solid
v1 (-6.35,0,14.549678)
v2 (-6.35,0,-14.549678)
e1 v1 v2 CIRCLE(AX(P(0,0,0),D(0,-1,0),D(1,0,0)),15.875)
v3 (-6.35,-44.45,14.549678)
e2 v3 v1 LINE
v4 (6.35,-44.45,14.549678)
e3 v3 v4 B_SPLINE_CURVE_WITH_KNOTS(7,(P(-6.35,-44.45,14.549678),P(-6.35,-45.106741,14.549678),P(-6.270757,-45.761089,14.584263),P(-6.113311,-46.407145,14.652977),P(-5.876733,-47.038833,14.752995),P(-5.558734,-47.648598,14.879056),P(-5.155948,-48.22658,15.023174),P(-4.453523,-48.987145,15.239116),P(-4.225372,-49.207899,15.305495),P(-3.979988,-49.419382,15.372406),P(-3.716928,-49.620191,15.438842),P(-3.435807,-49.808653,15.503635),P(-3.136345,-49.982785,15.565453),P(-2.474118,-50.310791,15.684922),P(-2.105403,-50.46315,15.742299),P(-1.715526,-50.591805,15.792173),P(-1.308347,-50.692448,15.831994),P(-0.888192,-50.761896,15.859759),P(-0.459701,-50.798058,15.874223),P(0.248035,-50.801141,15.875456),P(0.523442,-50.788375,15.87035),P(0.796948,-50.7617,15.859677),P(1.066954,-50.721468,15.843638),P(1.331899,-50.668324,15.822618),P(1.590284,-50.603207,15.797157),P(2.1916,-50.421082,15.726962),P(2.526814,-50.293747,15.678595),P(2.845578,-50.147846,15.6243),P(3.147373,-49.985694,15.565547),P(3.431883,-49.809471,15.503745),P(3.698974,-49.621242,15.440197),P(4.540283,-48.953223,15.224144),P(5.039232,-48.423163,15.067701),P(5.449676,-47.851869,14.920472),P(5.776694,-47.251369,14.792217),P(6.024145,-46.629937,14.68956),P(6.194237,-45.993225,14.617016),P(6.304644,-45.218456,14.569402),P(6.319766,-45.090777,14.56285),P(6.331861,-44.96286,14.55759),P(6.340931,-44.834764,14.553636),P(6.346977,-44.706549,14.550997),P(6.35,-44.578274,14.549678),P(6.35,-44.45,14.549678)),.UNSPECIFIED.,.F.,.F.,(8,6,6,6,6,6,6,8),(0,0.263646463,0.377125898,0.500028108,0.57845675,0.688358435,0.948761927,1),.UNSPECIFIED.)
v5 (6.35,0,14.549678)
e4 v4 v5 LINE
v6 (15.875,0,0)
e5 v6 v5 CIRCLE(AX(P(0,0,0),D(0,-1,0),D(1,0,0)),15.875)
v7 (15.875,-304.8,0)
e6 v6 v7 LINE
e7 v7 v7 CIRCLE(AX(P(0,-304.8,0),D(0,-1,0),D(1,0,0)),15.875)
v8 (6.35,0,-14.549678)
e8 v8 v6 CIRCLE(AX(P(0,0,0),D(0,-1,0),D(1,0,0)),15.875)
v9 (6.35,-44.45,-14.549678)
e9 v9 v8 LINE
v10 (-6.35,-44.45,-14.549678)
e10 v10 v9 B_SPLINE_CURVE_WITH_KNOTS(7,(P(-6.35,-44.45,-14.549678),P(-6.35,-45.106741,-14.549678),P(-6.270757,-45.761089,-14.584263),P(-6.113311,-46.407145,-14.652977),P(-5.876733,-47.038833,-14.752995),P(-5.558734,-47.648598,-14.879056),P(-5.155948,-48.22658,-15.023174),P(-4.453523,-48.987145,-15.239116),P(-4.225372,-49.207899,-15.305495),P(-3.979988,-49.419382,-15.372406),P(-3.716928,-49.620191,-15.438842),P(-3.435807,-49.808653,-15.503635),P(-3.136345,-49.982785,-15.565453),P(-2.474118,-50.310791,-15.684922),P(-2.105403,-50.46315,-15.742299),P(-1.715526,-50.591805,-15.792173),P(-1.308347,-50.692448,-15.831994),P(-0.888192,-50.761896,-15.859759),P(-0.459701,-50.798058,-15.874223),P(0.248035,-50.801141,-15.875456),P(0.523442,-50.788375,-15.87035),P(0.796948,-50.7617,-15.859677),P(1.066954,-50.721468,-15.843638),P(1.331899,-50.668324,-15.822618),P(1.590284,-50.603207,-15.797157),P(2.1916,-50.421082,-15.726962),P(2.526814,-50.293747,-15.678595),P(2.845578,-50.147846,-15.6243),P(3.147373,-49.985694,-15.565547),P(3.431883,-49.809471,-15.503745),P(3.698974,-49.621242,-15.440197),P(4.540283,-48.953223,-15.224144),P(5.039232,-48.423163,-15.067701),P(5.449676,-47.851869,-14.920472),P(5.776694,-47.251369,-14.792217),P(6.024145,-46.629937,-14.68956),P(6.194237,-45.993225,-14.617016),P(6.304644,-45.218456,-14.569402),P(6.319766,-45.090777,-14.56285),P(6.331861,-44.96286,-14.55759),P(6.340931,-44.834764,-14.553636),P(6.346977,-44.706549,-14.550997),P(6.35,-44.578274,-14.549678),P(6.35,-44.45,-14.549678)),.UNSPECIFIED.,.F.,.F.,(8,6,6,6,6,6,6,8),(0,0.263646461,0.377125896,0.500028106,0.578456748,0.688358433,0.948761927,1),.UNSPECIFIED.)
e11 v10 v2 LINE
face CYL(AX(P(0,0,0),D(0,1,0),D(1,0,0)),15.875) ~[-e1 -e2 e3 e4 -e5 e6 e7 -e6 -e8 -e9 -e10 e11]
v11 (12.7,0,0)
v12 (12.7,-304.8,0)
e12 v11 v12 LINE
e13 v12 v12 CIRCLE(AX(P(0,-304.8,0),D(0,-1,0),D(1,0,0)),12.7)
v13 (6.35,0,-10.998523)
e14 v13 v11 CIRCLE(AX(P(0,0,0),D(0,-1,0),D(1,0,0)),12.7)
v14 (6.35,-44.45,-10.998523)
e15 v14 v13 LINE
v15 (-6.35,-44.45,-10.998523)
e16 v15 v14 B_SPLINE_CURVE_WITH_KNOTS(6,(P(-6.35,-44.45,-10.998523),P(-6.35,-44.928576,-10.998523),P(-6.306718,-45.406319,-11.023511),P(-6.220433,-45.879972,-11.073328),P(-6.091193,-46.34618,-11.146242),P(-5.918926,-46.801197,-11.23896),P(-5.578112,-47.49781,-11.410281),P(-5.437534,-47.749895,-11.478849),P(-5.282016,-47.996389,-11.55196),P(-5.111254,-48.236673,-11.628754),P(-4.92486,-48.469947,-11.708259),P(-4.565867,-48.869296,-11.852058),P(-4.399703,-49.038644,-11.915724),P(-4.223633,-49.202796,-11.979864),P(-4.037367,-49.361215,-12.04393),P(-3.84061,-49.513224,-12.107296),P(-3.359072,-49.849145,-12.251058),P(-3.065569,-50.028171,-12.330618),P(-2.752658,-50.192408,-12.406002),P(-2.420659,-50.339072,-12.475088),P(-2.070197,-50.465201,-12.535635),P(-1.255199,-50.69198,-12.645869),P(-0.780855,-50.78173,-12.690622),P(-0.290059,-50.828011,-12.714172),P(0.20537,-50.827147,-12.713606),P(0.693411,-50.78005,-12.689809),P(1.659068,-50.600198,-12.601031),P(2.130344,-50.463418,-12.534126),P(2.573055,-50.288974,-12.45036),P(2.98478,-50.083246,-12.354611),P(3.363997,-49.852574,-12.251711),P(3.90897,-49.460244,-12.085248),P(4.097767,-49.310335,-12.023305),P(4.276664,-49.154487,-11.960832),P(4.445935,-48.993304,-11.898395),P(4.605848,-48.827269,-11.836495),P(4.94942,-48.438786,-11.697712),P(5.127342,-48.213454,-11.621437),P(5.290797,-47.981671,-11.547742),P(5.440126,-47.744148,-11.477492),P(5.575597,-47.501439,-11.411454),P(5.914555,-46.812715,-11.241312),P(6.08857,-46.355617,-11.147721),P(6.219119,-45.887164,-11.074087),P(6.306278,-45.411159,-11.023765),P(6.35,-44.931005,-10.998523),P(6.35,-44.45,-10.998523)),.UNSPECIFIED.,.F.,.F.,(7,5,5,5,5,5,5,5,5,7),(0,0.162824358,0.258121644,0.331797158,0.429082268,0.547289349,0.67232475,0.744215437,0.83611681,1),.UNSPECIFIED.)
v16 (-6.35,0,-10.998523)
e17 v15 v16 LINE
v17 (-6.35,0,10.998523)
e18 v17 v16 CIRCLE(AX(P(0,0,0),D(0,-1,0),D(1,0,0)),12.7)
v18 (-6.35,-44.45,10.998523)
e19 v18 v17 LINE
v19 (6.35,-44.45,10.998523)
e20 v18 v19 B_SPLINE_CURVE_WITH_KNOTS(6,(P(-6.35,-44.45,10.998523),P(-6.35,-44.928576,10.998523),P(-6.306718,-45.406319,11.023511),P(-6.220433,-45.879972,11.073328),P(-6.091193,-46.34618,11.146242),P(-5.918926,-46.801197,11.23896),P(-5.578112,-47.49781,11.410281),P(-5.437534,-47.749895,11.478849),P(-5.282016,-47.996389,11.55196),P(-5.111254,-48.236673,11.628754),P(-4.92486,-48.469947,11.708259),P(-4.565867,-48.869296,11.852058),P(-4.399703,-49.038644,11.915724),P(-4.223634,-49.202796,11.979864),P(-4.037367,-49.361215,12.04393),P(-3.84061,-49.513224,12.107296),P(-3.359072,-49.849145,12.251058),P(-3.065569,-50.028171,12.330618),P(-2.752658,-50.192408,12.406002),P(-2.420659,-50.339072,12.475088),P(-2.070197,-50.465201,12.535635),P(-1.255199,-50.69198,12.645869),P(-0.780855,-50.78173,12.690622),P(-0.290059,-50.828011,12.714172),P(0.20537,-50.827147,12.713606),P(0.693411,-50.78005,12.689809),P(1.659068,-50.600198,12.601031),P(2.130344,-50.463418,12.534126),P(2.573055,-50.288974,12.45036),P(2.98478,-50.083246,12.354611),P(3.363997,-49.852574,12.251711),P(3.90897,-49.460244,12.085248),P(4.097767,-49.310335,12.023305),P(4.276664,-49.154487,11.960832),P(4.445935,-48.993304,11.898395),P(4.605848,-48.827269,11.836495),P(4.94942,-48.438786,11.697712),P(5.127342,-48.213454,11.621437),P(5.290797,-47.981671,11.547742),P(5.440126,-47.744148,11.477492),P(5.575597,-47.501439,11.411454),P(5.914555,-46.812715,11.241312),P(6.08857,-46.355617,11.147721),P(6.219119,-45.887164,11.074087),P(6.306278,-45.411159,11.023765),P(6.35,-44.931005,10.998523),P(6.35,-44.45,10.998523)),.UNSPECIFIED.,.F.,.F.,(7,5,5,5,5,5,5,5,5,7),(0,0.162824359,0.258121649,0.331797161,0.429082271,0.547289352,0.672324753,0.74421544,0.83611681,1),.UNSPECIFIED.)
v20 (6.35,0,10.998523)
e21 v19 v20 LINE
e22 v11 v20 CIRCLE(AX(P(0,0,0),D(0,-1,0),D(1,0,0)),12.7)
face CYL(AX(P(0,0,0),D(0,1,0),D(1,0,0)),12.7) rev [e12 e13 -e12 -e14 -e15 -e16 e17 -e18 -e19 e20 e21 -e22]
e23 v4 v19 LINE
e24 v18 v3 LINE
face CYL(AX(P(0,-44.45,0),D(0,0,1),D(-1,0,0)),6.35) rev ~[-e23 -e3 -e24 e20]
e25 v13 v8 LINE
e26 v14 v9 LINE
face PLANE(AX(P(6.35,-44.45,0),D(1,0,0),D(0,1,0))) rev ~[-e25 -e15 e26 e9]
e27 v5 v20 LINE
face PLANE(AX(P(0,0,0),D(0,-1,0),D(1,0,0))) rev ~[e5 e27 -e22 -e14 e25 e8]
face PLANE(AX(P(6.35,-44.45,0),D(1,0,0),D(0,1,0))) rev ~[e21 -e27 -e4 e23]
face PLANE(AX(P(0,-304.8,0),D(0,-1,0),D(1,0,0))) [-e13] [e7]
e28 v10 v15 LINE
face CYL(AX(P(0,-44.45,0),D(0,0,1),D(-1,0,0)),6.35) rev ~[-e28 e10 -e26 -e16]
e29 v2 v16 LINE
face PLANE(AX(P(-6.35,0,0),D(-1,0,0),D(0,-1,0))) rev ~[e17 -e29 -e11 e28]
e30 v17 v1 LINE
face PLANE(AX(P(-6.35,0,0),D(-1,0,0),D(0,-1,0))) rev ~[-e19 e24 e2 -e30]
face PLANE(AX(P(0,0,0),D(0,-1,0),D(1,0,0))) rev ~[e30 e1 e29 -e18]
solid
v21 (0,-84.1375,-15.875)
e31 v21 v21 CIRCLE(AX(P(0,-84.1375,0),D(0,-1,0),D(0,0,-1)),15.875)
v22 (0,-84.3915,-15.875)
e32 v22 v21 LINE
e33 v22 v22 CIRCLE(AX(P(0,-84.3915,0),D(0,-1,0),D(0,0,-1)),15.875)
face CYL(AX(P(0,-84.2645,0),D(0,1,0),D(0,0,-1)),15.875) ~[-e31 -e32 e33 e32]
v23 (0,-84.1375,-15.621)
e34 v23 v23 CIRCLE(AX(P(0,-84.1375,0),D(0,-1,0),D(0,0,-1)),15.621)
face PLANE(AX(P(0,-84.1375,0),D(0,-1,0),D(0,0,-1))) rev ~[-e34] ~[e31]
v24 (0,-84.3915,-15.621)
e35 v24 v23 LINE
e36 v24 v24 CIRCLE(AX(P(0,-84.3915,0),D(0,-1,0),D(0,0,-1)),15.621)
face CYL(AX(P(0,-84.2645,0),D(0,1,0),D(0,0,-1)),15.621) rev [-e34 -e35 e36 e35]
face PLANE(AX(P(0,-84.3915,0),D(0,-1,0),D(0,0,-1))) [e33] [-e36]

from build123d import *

# Parameters (mm, degrees)
F0_R     = 15.875
F0_R_2   = 12.7
F1_DEPTH = 304.8
F3_DEPTH = 25.4
F4_W     = 0.254
F4_H     = 0.254


with BuildPart() as f1:
    # F0 (on Front) → F1 (new body)
    with BuildSketch(Plane.XZ):
        Circle(F0_R)
        Circle(F0_R_2, mode=Mode.SUBTRACT)
    extrude(amount=F1_DEPTH)

    # F2 (on Top) → F3 (cut, symmetric)
    with BuildSketch(Plane.XY):
        with BuildLine():
            Line((6.35, 0), (-6.35, 0))
            Line((-6.35, 0), (-6.35, -44.45))
            ThreePointArc((-6.35, -44.45), (0, -50.8), (6.35, -44.45))
            Line((6.35, -44.45), (6.35, 0))
        make_face()
    extrude(amount=F3_DEPTH, both=True, mode=Mode.SUBTRACT)


with BuildPart() as f5:
    # F4 (on Right) → F5 (revolve)
    with BuildSketch(Plane.YZ):
        with Locations((-84.2645, -15.748)):
            Rectangle(F4_W, F4_H)
    revolve(axis=Axis((0, -42.06875, 0), (0, -1, 0)))


solid = Compound([f1.part, f5.part])
